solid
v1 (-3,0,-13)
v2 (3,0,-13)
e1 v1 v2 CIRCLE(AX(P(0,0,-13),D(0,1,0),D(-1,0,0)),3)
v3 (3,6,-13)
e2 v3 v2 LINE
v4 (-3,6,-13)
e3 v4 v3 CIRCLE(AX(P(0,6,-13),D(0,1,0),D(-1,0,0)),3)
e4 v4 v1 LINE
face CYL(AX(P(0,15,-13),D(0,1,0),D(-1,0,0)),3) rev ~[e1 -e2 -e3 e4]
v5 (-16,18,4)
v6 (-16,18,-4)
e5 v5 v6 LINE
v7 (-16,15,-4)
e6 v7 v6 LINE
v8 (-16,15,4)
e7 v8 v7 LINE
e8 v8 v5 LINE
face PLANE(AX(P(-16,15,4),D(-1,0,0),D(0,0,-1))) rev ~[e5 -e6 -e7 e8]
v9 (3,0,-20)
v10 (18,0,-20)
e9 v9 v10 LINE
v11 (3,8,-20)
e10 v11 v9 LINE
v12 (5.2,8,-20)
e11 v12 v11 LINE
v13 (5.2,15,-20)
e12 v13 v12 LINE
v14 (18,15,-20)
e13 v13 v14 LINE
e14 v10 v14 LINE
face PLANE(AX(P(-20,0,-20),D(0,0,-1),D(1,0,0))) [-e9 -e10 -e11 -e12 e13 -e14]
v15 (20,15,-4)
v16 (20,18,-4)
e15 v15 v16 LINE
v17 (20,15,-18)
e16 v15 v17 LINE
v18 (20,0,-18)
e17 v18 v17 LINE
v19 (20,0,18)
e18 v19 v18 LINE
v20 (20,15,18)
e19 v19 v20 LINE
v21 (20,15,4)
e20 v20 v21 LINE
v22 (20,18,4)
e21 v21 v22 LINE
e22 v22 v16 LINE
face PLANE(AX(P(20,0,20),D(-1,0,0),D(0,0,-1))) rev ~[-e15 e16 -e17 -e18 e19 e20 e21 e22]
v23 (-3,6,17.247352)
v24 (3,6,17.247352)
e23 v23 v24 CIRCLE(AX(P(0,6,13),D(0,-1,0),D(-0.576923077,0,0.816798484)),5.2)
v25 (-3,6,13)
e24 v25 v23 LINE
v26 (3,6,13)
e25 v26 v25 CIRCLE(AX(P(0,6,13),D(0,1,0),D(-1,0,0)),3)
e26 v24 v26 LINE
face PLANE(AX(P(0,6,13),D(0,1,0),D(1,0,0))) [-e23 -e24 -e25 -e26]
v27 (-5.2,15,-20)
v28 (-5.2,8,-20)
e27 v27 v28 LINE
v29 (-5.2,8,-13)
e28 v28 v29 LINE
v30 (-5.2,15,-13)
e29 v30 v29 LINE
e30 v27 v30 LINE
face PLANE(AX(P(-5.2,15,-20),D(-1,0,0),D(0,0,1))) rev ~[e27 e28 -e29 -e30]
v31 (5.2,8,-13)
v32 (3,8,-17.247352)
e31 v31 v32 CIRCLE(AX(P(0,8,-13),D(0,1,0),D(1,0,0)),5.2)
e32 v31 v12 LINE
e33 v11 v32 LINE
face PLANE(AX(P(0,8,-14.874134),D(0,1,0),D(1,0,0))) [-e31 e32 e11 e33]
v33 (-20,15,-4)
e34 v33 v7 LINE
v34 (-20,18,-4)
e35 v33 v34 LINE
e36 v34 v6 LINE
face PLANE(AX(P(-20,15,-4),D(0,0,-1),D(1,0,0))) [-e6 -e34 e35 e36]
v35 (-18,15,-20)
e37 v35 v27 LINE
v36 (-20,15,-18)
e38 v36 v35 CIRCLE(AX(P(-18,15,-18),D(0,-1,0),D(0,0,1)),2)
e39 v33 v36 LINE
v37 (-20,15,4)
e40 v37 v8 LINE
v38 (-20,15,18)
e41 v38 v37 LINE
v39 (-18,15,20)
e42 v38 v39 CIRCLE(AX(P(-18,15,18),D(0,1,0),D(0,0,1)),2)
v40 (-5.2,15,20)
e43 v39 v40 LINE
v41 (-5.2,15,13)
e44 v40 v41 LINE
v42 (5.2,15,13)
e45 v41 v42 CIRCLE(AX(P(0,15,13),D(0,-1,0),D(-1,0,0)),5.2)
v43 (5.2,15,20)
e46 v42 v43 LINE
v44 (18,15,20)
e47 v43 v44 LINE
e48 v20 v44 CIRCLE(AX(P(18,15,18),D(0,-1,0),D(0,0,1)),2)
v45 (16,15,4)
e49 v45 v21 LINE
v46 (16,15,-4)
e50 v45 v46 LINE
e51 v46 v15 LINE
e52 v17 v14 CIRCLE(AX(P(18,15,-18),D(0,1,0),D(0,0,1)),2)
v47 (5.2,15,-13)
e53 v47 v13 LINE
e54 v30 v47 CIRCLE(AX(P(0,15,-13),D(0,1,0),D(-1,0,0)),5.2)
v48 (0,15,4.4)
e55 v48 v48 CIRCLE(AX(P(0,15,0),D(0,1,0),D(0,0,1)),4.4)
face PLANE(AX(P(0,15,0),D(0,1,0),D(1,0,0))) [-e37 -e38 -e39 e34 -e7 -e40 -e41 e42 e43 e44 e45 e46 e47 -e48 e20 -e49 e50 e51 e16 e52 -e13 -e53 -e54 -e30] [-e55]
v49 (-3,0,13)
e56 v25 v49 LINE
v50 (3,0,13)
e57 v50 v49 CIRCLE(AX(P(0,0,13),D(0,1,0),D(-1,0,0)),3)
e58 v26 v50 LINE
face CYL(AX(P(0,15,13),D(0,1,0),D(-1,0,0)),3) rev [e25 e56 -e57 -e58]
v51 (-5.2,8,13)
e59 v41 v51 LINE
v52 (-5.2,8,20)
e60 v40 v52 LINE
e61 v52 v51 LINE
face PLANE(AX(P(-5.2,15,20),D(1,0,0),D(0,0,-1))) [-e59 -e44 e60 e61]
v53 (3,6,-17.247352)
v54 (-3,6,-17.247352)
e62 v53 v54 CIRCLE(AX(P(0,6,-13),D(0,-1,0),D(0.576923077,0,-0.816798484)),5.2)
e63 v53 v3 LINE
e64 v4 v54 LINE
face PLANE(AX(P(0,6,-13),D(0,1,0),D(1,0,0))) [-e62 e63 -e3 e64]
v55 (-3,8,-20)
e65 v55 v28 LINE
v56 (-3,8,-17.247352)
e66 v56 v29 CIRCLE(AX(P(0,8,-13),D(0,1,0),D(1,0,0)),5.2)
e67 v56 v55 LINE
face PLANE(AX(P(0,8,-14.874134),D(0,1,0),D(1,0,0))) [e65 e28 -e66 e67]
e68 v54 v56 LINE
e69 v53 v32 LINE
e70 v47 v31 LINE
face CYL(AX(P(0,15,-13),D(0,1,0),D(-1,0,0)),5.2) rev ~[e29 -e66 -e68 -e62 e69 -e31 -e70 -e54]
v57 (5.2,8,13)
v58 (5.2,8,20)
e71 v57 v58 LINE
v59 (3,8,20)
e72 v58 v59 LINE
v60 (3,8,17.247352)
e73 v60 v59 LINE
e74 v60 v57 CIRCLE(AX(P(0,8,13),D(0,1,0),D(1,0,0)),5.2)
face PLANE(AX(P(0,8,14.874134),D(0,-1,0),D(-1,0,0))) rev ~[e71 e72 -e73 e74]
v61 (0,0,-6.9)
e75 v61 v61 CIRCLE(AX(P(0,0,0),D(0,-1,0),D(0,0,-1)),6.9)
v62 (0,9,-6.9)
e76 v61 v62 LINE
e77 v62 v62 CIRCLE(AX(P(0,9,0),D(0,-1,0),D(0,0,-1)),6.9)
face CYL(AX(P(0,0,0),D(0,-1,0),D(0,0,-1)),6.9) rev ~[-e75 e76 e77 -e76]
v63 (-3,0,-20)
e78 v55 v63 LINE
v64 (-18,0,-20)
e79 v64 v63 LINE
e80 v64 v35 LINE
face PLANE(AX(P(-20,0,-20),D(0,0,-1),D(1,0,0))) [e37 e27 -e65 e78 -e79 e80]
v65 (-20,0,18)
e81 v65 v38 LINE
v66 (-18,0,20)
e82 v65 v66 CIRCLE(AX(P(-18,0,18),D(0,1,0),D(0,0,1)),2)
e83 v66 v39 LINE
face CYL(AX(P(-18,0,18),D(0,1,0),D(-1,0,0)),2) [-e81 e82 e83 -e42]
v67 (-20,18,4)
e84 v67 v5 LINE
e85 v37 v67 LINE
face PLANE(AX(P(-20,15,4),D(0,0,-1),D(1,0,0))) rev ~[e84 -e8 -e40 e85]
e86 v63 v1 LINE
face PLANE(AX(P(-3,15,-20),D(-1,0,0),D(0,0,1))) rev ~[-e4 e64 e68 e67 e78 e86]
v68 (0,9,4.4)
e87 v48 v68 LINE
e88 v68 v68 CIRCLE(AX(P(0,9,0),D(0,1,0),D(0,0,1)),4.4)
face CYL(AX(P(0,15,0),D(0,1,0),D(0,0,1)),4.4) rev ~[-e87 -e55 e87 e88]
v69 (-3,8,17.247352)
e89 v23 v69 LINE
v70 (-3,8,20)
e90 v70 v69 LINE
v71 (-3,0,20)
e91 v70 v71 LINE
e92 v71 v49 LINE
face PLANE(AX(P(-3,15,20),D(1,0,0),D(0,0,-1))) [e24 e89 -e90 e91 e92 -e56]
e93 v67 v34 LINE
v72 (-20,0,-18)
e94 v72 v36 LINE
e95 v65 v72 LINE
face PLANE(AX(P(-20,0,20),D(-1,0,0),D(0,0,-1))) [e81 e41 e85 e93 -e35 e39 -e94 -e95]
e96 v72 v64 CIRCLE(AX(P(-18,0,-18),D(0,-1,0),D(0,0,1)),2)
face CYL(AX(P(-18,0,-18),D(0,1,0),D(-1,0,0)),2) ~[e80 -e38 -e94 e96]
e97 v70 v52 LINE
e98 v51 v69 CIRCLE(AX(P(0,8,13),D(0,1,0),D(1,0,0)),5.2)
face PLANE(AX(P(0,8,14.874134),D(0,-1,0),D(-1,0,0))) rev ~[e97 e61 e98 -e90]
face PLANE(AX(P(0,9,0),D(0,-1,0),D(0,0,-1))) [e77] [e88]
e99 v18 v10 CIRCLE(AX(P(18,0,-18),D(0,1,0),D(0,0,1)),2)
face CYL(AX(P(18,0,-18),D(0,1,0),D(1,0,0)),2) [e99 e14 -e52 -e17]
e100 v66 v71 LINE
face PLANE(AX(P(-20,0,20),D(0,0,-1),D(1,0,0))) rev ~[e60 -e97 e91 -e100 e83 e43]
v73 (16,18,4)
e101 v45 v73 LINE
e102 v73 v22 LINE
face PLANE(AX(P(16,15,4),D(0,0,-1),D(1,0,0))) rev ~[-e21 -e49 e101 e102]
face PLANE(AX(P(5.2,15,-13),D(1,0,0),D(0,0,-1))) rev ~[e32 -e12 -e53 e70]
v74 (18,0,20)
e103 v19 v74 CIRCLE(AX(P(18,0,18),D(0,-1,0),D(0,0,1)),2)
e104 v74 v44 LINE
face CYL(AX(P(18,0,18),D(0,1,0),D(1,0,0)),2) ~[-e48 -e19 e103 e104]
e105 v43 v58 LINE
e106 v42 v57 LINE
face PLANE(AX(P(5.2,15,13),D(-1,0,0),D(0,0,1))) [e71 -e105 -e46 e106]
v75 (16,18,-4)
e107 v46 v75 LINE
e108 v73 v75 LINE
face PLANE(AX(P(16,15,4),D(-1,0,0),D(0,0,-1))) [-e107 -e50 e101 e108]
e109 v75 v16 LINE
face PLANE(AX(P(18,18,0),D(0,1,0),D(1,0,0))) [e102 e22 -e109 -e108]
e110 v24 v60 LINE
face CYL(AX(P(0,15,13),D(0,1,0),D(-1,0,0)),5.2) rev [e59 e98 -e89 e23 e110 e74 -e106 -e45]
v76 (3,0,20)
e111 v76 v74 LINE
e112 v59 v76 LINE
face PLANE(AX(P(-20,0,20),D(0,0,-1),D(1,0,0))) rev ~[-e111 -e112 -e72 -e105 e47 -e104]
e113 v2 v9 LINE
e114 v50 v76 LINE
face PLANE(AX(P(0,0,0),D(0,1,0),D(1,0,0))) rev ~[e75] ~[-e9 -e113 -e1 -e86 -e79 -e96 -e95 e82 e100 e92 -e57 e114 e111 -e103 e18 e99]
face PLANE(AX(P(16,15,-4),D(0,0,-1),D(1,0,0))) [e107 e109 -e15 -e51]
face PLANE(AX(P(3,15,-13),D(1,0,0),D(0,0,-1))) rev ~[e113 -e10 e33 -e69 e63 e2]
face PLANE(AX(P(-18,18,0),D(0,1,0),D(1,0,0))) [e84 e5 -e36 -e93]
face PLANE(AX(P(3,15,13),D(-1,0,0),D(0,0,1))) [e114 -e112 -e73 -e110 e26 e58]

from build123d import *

# Parameters (mm, degrees)
SKETCH_1_W          = 40
SKETCH_1_H          = 40
EXTRUDE_1_DEPTH     = 15
SKETCH_2_W          = 4
SKETCH_2_H          = 8
EXTRUDE_2_DEPTH     = 3
SKETCH_3_R          = 4.4
CUT_EXTRUDE_1_DEPTH = 16
SKETCH_4_R          = 6.9
CUT_EXTRUDE_2_DEPTH = 9
CUT_EXTRUDE_3_DEPTH = 7
SKETCH_6_R          = 5.2
CUT_EXTRUDE_4_DEPTH = 2
FILLET_1_R          = 2


with BuildPart() as part:
    # Эскиз1 → Бобышка-Вытянуть1 (new body)
    with BuildSketch(Plane(origin=(0, 0, 0), x_dir=(1, 0, 0), z_dir=(0, 1, 0))):
        Rectangle(SKETCH_1_W, SKETCH_1_H)
    extrude(amount=EXTRUDE_1_DEPTH)

    # Эскиз2 → Бобышка-Вытянуть2 (add)
    with BuildSketch(Plane(origin=(0, 15, 0), x_dir=(1, 0, 0), z_dir=(0, 1, 0))):
        with Locations((-18, 0)):
            Rectangle(SKETCH_2_W, SKETCH_2_H)
        with Locations((18, 0)):
            Rectangle(SKETCH_2_W, SKETCH_2_H)
    extrude(amount=EXTRUDE_2_DEPTH)

    # Эскиз3 → Вырез-Вытянуть1 (cut, through all)
    with BuildSketch(Plane(origin=(0, 15, 0), x_dir=(1, 0, 0), z_dir=(0, 1, 0))):
        with Locations(Location((0, 0, 0), (0, 0, 270))):  # turned: the seam where the file's is
            Circle(SKETCH_3_R)
        with BuildLine():
            Line((-3, -20), (-3, -13))
            ThreePointArc((-3, -13), (0, -10), (3, -13))
            Line((3, -13), (3, -20))
            Line((3, -20), (-3, -20))
        make_face()
        with BuildLine():
            Line((3, 13), (3, 20))
            Line((3, 20), (-3, 20))
            Line((-3, 20), (-3, 13))
            ThreePointArc((-3, 13), (0, 10), (3, 13))
        make_face()
    extrude(amount=-CUT_EXTRUDE_1_DEPTH, mode=Mode.SUBTRACT)

    # Эскиз4 → Вырез-Вытянуть2 (cut)
    with BuildSketch(Plane.XZ):
        with Locations(Location((0, 0, 0), (0, 0, 270))):  # turned: the seam where the file's is
            Circle(SKETCH_4_R)
    extrude(amount=-CUT_EXTRUDE_2_DEPTH, mode=Mode.SUBTRACT)

    # Эскиз5 → Вырез-Вытянуть3 (cut)
    with BuildSketch(Plane(origin=(0, 15, 0), x_dir=(1, 0, 0), z_dir=(0, 1, 0))):
        with BuildLine():
            Line((-5.2, -20), (-5.2, -13))
            ThreePointArc((-5.2, -13), (0, -7.8), (5.2, -13))
            Line((5.2, -13), (5.2, -20))
            Line((5.2, -20), (-5.2, -20))
        make_face()
        with BuildLine():
            Line((5.2, 13), (5.2, 20))
            Line((5.2, 20), (-5.2, 20))
            Line((-5.2, 20), (-5.2, 13))
            ThreePointArc((-5.2, 13), (0, 7.8), (5.2, 13))
        make_face()
    extrude(amount=-CUT_EXTRUDE_3_DEPTH, mode=Mode.SUBTRACT)

    # Эскиз6 → Вырез-Вытянуть4 (cut)
    with BuildSketch(Plane(origin=(0, 8, 0), x_dir=(1, 0, 0), z_dir=(0, 1, 0))):
        with Locations((0, -13)):
            Circle(SKETCH_6_R)
        with Locations((0, 13)):
            Circle(SKETCH_6_R)
    extrude(amount=-CUT_EXTRUDE_4_DEPTH, mode=Mode.SUBTRACT)

    # Скругление1
    fillet_1_edges = [part.edges().sort_by_distance(p)[0] for p in [
        (-20, 7.5, -20),
        (20, 7.5, -20),
        (20, 7.5, 20),
        (-20, 7.5, 20),
    ]]
    fillet(fillet_1_edges, radius=FILLET_1_R)


solid = part.part
